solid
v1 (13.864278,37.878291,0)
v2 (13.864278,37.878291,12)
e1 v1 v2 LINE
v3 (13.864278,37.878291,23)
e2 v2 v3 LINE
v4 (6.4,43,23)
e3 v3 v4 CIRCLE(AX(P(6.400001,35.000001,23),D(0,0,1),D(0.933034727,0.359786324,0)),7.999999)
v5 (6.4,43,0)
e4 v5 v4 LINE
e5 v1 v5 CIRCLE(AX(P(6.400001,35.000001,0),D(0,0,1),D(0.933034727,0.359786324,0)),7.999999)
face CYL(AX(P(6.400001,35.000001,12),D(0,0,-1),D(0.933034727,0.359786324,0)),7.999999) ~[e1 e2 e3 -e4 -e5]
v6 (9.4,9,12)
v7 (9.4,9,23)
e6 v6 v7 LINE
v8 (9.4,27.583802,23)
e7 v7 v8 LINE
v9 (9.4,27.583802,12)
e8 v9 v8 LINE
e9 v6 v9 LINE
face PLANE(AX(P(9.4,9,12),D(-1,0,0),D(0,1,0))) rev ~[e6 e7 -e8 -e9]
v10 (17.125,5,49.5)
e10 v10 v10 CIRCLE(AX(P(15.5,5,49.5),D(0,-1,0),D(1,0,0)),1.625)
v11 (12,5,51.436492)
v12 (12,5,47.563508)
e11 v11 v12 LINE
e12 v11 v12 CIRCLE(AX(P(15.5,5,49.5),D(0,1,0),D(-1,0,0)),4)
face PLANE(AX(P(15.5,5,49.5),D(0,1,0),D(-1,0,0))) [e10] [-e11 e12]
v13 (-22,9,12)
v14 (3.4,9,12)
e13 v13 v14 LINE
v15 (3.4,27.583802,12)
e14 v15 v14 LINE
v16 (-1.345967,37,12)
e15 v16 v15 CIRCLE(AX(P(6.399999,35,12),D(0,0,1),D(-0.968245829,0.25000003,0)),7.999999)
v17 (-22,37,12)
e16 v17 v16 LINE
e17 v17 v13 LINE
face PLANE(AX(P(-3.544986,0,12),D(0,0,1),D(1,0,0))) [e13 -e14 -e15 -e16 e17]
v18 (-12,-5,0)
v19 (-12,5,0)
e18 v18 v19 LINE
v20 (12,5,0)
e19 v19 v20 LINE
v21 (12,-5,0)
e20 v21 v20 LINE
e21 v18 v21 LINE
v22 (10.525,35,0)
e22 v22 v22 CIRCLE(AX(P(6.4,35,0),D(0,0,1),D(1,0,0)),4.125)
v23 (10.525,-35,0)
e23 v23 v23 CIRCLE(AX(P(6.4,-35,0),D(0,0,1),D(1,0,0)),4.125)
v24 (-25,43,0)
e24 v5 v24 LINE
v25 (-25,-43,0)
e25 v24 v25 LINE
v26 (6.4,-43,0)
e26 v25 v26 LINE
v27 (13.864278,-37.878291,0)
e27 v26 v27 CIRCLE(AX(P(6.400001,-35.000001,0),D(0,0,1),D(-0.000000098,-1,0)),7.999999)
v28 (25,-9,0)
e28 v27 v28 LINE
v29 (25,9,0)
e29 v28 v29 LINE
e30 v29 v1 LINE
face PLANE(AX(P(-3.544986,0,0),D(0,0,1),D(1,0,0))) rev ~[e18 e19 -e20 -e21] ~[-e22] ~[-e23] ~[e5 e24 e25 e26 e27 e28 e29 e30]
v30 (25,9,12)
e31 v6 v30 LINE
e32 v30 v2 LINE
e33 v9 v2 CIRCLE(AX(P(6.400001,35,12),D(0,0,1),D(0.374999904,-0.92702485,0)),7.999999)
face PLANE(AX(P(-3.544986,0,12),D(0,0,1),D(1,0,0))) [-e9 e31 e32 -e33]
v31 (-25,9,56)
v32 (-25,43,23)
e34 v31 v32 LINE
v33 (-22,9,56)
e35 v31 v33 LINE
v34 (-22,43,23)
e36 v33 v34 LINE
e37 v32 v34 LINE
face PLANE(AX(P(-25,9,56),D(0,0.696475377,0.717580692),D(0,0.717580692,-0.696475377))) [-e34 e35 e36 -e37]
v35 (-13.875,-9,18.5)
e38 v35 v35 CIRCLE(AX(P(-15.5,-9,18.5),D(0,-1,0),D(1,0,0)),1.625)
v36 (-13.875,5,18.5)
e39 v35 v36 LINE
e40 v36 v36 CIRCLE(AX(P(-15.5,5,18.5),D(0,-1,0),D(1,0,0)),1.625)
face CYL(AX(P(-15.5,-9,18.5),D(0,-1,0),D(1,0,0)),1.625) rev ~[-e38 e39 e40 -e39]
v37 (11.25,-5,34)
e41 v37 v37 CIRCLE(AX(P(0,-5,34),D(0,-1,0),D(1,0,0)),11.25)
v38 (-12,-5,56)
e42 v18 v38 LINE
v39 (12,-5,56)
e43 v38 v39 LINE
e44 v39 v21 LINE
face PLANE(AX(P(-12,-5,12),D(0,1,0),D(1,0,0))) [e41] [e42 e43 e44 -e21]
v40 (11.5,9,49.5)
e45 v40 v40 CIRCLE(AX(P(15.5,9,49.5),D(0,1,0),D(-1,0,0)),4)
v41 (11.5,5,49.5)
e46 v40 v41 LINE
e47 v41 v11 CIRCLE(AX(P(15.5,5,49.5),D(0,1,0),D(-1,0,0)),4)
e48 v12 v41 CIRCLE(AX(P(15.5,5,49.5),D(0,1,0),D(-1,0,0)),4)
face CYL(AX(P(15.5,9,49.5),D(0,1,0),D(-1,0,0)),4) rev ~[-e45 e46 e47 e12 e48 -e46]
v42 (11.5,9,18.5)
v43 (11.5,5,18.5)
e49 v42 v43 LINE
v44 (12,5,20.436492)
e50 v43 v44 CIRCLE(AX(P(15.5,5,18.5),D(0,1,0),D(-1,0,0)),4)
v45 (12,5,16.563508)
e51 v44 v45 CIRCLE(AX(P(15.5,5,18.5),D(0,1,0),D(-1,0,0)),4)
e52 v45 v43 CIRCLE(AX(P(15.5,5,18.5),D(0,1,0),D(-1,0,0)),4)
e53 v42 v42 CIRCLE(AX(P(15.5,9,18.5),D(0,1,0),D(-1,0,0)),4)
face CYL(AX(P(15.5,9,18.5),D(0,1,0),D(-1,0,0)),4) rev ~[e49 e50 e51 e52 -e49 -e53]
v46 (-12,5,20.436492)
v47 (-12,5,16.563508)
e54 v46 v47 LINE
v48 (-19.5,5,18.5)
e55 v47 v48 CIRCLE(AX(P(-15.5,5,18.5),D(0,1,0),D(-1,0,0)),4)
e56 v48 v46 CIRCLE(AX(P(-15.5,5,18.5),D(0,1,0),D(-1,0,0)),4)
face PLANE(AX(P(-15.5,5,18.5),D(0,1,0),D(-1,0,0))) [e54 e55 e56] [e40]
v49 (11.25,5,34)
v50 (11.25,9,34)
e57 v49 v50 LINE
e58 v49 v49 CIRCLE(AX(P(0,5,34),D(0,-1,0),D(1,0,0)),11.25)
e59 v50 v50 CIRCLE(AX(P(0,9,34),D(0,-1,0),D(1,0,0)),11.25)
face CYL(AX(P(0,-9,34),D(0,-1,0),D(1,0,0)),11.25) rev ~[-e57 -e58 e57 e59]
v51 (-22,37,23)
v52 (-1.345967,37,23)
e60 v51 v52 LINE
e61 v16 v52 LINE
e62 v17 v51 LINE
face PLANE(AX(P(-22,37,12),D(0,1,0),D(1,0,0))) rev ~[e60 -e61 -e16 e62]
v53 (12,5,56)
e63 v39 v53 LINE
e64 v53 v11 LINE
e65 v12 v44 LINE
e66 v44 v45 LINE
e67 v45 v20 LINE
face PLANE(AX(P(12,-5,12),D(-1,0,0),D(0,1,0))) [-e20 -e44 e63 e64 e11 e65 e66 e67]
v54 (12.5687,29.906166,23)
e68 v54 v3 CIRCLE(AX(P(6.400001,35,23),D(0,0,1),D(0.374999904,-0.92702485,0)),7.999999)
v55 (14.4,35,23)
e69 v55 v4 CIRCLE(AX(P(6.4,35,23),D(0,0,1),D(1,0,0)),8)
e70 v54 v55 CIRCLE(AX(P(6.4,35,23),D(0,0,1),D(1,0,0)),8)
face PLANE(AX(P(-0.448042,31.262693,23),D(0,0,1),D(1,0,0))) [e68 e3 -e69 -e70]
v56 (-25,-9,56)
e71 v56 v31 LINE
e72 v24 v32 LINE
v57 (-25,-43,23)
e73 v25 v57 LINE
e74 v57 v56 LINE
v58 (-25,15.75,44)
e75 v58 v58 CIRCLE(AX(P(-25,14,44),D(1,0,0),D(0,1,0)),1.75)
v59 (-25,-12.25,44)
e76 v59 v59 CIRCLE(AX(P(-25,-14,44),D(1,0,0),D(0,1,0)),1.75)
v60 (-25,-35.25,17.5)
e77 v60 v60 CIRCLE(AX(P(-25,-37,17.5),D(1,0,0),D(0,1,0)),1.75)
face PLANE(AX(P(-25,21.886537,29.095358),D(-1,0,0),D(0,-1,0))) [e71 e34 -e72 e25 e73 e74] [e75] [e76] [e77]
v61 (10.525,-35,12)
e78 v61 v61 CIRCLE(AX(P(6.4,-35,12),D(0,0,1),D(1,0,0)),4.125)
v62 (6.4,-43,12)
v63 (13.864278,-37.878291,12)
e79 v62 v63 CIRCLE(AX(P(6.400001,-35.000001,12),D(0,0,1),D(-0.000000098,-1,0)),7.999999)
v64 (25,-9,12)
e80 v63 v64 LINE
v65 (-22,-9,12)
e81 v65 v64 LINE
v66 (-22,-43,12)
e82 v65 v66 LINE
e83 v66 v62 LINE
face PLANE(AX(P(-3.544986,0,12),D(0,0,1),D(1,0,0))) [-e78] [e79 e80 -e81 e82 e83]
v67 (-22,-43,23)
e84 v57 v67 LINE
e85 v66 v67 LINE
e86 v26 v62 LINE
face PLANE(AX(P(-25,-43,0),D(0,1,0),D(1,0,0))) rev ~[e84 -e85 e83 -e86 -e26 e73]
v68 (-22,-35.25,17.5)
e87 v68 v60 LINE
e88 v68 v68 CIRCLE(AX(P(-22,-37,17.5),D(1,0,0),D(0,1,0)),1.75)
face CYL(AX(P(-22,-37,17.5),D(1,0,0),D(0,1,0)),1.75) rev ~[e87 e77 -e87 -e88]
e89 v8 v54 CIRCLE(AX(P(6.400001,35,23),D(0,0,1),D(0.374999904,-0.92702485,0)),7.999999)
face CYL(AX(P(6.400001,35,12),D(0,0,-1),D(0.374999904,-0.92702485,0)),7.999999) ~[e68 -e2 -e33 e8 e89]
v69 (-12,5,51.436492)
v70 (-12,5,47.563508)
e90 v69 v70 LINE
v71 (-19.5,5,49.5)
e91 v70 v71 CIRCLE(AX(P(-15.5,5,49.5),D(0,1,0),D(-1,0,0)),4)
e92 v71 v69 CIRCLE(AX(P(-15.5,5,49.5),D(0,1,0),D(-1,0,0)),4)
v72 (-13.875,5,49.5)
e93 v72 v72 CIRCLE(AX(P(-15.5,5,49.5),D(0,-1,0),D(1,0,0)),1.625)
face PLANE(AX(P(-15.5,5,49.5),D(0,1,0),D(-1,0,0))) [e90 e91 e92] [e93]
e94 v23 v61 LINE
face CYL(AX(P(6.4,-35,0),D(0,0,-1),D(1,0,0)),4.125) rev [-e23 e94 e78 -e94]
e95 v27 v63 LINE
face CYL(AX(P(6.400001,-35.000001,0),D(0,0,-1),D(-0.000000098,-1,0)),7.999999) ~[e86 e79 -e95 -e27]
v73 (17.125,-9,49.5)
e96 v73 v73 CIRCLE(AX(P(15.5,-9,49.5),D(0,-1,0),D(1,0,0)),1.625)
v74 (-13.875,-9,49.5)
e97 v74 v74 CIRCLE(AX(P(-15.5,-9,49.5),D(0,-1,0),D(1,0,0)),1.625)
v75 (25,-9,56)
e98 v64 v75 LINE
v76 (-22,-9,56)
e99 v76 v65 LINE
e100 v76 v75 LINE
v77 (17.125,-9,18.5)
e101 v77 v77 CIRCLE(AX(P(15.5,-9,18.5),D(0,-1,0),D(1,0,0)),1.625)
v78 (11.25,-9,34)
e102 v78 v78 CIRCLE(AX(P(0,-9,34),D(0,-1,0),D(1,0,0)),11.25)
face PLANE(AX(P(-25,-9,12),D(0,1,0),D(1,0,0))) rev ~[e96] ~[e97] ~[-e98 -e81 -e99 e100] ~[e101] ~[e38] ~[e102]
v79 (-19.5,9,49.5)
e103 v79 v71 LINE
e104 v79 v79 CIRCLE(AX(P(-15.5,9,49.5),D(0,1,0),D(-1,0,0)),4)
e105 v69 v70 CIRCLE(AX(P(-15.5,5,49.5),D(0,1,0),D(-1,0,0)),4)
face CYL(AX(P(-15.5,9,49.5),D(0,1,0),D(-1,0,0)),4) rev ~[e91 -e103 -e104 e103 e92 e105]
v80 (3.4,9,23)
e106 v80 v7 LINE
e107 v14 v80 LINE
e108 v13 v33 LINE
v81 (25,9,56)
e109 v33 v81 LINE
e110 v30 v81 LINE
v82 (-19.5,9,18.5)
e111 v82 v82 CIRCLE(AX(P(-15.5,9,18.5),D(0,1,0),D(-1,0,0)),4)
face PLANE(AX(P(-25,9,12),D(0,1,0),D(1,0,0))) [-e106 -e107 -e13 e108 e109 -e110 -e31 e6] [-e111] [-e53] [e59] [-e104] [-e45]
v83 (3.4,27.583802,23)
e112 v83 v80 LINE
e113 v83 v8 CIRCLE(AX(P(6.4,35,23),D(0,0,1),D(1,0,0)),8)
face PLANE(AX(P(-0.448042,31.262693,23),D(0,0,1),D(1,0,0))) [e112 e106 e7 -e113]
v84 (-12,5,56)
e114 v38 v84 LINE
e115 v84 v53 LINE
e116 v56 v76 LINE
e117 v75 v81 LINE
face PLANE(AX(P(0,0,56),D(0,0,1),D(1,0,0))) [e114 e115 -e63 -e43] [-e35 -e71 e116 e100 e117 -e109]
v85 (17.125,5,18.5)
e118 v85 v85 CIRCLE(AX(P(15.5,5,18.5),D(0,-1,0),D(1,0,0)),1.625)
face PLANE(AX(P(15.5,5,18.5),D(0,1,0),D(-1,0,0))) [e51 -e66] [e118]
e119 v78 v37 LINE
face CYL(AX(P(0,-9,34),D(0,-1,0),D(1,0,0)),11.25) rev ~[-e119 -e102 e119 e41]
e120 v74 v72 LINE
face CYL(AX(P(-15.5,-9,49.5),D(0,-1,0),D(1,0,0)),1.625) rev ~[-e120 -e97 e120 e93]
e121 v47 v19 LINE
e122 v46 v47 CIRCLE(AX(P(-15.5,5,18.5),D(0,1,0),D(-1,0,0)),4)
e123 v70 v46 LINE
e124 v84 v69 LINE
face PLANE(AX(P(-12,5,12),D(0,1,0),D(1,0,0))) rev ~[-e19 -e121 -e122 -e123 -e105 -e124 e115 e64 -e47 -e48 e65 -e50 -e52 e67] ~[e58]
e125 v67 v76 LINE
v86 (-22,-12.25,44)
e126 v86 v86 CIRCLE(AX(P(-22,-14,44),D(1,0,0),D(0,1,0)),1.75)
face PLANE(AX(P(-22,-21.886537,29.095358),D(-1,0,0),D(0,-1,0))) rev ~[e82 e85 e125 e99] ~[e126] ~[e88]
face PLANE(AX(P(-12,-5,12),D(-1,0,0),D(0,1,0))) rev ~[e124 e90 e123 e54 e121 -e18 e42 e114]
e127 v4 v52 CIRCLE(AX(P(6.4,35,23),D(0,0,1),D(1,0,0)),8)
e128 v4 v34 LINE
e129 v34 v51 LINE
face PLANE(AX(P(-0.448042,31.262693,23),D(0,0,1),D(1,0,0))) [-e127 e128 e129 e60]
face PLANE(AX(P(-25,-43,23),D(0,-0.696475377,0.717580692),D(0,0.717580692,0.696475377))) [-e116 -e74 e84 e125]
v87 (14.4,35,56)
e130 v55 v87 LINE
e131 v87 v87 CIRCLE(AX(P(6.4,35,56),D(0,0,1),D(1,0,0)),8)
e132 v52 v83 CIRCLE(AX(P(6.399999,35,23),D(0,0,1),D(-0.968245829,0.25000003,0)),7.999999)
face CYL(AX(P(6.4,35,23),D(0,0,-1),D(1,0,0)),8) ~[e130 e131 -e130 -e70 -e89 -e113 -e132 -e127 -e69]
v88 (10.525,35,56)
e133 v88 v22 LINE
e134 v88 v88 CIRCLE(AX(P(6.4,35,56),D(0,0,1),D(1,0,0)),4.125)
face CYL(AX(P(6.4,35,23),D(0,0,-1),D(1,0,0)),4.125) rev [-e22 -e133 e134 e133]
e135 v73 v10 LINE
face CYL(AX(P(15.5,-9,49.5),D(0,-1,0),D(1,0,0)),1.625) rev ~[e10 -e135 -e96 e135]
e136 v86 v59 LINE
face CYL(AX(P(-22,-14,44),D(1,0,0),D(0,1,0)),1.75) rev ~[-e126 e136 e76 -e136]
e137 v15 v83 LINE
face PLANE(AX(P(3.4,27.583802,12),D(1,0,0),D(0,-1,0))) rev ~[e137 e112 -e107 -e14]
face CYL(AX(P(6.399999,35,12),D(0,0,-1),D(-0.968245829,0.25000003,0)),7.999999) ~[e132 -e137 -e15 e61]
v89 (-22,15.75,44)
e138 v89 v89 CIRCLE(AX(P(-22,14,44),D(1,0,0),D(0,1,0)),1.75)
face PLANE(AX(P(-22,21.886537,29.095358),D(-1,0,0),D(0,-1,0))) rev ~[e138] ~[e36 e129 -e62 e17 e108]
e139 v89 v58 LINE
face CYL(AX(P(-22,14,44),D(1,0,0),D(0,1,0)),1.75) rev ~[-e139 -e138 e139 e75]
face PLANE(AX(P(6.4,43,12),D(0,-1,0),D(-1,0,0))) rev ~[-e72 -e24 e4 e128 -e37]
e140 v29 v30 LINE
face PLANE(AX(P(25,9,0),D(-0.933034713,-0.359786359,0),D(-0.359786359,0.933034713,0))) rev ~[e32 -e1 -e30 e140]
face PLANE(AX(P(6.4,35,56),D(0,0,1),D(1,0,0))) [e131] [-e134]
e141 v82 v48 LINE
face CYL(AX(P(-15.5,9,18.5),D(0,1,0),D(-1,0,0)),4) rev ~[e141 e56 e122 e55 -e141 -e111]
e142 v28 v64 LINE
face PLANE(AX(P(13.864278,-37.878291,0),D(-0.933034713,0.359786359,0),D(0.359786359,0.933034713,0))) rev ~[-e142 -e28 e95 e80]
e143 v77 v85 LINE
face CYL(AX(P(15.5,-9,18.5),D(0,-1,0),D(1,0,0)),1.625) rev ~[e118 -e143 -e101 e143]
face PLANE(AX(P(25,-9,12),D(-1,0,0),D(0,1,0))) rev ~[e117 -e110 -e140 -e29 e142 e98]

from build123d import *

# Parameters (mm, degrees)
F0_R      = 4.125
F0_W      = 24
F0_H      = 10
F1_DEPTH  = 12
F2_W      = 50
F2_H      = 18
F2_W_2    = 24
F2_H_2    = 10
F3_DEPTH  = 44
F4_R      = 1.625
F4_R_2    = 11.25
F5_DEPTH  = 52.001
F7_DEPTH  = 3
F8_R      = 4.125
F9_DEPTH  = 11
F10_R     = 4
F11_DEPTH = 4
F12_R     = 8
F12_R_2   = 4.125
F13_DEPTH = 33
F14_R     = 1.75
F15_DEPTH = 25


with BuildPart() as f1:
    # F0 (on Top) → F1 (new body)
    with BuildSketch(Plane.XY):
        with BuildLine():
            Line((6.4, 43), (-25, 43))
            Line((-25, 43), (-25, -43))
            Line((-25, -43), (6.4, -43))
            ThreePointArc((6.4, -43), (10.926239, -41.596451), (13.864278, -37.878291))
            Line((13.864278, -37.878291), (25, -9))
            Line((25, -9), (25, 9))
            Line((25, 9), (13.864278, 37.878291))
            ThreePointArc((13.864278, 37.878291), (10.926239, 41.596451), (6.4, 43))
        make_face()
        with Locations((6.4, -35)):
            Circle(F0_R, mode=Mode.SUBTRACT)
        Rectangle(F0_W, F0_H, mode=Mode.SUBTRACT)
        with Locations((6.4, 35)):
            Circle(F0_R, mode=Mode.SUBTRACT)
    extrude(amount=F1_DEPTH)

    # F2 (on face) → F3 (join)
    with BuildSketch(Plane.XY.offset(12)):
        Rectangle(F2_W, F2_H)
        Rectangle(F2_W_2, F2_H_2, mode=Mode.SUBTRACT)
    extrude(amount=F3_DEPTH)

    # F4 (on face) → F5 (cut, through all)
    with BuildSketch(Plane.XZ.offset(9)):
        with Locations((-15.5, 18.5)):
            Circle(F4_R)
        with Locations((-15.5, 49.5)):
            Circle(F4_R)
        with Locations((15.5, 18.5)):
            Circle(F4_R)
        with Locations((15.5, 49.5)):
            Circle(F4_R)
        with Locations((0, 34)):
            Circle(F4_R_2)
    extrude(amount=-F5_DEPTH, mode=Mode.SUBTRACT)

    # F6 (on face) → F7 (join)
    with BuildSketch(Plane(origin=(-25, 0, 0), x_dir=(0, -1, 0), z_dir=(-1, 0, 0))):
        Polygon((-43, 23), (-43, 12), (-9, 12), (-9, 56), align=None)
        Polygon((43, 23), (9, 56), (9, 12), (43, 12), align=None)
    extrude(amount=-F7_DEPTH)

    # F8 (on face) → F9 (join)
    with BuildSketch(Plane.XY.offset(12)):
        with BuildLine():
            Line((9.4, 9), (9.4, 27.583802))
            ThreePointArc((9.4, 27.583802), (13.739578, 31.81714), (13.864278, 37.878291))
            ThreePointArc((13.864278, 37.878291), (10.926239, 41.596451), (6.4, 43))
            Line((6.4, 43), (-22, 43))
            Line((-22, 43), (-22, 37))
            Line((-22, 37), (-1.345967, 37))
            ThreePointArc((-1.345967, 37), (-0.743889, 31.399326), (3.4, 27.583802))
            Line((3.4, 27.583802), (3.4, 9))
            Line((3.4, 9), (6.4, 9))
            Line((6.4, 9), (9.4, 9))
        make_face()
        with Locations((6.4, 35)):
            Circle(F8_R, mode=Mode.SUBTRACT)
    extrude(amount=F9_DEPTH)

    # F10 (on face) → F11 (cut)
    with BuildSketch(Plane(origin=(0, 9, 0), x_dir=(-1, 0, 0), z_dir=(0, 1, 0))):
        with Locations((-15.5, 18.5)):
            Circle(F10_R)
        with Locations((-15.5, 49.5)):
            Circle(F10_R)
        with Locations((15.5, 18.5)):
            Circle(F10_R)
        with Locations((15.5, 49.5)):
            Circle(F10_R)
    extrude(amount=-F11_DEPTH, mode=Mode.SUBTRACT)

    # F12 (on face) → F13 (join, through all)
    with BuildSketch(Plane.XY.offset(23)):
        with Locations((6.4, 35)):
            Circle(F12_R)
        with Locations((6.4, 35)):
            Circle(F12_R_2, mode=Mode.SUBTRACT)
    extrude(amount=F13_DEPTH)

    # F14 (on face) → F15 (cut)
    with BuildSketch(Plane.YZ.offset(-22)):
        with Locations((-37, 17.5)):
            Circle(F14_R)
        with Locations((-14, 44)):
            Circle(F14_R)
        with Locations((14, 44)):
            Circle(F14_R)
    extrude(amount=-F15_DEPTH, mode=Mode.SUBTRACT)


solid = f1.part
